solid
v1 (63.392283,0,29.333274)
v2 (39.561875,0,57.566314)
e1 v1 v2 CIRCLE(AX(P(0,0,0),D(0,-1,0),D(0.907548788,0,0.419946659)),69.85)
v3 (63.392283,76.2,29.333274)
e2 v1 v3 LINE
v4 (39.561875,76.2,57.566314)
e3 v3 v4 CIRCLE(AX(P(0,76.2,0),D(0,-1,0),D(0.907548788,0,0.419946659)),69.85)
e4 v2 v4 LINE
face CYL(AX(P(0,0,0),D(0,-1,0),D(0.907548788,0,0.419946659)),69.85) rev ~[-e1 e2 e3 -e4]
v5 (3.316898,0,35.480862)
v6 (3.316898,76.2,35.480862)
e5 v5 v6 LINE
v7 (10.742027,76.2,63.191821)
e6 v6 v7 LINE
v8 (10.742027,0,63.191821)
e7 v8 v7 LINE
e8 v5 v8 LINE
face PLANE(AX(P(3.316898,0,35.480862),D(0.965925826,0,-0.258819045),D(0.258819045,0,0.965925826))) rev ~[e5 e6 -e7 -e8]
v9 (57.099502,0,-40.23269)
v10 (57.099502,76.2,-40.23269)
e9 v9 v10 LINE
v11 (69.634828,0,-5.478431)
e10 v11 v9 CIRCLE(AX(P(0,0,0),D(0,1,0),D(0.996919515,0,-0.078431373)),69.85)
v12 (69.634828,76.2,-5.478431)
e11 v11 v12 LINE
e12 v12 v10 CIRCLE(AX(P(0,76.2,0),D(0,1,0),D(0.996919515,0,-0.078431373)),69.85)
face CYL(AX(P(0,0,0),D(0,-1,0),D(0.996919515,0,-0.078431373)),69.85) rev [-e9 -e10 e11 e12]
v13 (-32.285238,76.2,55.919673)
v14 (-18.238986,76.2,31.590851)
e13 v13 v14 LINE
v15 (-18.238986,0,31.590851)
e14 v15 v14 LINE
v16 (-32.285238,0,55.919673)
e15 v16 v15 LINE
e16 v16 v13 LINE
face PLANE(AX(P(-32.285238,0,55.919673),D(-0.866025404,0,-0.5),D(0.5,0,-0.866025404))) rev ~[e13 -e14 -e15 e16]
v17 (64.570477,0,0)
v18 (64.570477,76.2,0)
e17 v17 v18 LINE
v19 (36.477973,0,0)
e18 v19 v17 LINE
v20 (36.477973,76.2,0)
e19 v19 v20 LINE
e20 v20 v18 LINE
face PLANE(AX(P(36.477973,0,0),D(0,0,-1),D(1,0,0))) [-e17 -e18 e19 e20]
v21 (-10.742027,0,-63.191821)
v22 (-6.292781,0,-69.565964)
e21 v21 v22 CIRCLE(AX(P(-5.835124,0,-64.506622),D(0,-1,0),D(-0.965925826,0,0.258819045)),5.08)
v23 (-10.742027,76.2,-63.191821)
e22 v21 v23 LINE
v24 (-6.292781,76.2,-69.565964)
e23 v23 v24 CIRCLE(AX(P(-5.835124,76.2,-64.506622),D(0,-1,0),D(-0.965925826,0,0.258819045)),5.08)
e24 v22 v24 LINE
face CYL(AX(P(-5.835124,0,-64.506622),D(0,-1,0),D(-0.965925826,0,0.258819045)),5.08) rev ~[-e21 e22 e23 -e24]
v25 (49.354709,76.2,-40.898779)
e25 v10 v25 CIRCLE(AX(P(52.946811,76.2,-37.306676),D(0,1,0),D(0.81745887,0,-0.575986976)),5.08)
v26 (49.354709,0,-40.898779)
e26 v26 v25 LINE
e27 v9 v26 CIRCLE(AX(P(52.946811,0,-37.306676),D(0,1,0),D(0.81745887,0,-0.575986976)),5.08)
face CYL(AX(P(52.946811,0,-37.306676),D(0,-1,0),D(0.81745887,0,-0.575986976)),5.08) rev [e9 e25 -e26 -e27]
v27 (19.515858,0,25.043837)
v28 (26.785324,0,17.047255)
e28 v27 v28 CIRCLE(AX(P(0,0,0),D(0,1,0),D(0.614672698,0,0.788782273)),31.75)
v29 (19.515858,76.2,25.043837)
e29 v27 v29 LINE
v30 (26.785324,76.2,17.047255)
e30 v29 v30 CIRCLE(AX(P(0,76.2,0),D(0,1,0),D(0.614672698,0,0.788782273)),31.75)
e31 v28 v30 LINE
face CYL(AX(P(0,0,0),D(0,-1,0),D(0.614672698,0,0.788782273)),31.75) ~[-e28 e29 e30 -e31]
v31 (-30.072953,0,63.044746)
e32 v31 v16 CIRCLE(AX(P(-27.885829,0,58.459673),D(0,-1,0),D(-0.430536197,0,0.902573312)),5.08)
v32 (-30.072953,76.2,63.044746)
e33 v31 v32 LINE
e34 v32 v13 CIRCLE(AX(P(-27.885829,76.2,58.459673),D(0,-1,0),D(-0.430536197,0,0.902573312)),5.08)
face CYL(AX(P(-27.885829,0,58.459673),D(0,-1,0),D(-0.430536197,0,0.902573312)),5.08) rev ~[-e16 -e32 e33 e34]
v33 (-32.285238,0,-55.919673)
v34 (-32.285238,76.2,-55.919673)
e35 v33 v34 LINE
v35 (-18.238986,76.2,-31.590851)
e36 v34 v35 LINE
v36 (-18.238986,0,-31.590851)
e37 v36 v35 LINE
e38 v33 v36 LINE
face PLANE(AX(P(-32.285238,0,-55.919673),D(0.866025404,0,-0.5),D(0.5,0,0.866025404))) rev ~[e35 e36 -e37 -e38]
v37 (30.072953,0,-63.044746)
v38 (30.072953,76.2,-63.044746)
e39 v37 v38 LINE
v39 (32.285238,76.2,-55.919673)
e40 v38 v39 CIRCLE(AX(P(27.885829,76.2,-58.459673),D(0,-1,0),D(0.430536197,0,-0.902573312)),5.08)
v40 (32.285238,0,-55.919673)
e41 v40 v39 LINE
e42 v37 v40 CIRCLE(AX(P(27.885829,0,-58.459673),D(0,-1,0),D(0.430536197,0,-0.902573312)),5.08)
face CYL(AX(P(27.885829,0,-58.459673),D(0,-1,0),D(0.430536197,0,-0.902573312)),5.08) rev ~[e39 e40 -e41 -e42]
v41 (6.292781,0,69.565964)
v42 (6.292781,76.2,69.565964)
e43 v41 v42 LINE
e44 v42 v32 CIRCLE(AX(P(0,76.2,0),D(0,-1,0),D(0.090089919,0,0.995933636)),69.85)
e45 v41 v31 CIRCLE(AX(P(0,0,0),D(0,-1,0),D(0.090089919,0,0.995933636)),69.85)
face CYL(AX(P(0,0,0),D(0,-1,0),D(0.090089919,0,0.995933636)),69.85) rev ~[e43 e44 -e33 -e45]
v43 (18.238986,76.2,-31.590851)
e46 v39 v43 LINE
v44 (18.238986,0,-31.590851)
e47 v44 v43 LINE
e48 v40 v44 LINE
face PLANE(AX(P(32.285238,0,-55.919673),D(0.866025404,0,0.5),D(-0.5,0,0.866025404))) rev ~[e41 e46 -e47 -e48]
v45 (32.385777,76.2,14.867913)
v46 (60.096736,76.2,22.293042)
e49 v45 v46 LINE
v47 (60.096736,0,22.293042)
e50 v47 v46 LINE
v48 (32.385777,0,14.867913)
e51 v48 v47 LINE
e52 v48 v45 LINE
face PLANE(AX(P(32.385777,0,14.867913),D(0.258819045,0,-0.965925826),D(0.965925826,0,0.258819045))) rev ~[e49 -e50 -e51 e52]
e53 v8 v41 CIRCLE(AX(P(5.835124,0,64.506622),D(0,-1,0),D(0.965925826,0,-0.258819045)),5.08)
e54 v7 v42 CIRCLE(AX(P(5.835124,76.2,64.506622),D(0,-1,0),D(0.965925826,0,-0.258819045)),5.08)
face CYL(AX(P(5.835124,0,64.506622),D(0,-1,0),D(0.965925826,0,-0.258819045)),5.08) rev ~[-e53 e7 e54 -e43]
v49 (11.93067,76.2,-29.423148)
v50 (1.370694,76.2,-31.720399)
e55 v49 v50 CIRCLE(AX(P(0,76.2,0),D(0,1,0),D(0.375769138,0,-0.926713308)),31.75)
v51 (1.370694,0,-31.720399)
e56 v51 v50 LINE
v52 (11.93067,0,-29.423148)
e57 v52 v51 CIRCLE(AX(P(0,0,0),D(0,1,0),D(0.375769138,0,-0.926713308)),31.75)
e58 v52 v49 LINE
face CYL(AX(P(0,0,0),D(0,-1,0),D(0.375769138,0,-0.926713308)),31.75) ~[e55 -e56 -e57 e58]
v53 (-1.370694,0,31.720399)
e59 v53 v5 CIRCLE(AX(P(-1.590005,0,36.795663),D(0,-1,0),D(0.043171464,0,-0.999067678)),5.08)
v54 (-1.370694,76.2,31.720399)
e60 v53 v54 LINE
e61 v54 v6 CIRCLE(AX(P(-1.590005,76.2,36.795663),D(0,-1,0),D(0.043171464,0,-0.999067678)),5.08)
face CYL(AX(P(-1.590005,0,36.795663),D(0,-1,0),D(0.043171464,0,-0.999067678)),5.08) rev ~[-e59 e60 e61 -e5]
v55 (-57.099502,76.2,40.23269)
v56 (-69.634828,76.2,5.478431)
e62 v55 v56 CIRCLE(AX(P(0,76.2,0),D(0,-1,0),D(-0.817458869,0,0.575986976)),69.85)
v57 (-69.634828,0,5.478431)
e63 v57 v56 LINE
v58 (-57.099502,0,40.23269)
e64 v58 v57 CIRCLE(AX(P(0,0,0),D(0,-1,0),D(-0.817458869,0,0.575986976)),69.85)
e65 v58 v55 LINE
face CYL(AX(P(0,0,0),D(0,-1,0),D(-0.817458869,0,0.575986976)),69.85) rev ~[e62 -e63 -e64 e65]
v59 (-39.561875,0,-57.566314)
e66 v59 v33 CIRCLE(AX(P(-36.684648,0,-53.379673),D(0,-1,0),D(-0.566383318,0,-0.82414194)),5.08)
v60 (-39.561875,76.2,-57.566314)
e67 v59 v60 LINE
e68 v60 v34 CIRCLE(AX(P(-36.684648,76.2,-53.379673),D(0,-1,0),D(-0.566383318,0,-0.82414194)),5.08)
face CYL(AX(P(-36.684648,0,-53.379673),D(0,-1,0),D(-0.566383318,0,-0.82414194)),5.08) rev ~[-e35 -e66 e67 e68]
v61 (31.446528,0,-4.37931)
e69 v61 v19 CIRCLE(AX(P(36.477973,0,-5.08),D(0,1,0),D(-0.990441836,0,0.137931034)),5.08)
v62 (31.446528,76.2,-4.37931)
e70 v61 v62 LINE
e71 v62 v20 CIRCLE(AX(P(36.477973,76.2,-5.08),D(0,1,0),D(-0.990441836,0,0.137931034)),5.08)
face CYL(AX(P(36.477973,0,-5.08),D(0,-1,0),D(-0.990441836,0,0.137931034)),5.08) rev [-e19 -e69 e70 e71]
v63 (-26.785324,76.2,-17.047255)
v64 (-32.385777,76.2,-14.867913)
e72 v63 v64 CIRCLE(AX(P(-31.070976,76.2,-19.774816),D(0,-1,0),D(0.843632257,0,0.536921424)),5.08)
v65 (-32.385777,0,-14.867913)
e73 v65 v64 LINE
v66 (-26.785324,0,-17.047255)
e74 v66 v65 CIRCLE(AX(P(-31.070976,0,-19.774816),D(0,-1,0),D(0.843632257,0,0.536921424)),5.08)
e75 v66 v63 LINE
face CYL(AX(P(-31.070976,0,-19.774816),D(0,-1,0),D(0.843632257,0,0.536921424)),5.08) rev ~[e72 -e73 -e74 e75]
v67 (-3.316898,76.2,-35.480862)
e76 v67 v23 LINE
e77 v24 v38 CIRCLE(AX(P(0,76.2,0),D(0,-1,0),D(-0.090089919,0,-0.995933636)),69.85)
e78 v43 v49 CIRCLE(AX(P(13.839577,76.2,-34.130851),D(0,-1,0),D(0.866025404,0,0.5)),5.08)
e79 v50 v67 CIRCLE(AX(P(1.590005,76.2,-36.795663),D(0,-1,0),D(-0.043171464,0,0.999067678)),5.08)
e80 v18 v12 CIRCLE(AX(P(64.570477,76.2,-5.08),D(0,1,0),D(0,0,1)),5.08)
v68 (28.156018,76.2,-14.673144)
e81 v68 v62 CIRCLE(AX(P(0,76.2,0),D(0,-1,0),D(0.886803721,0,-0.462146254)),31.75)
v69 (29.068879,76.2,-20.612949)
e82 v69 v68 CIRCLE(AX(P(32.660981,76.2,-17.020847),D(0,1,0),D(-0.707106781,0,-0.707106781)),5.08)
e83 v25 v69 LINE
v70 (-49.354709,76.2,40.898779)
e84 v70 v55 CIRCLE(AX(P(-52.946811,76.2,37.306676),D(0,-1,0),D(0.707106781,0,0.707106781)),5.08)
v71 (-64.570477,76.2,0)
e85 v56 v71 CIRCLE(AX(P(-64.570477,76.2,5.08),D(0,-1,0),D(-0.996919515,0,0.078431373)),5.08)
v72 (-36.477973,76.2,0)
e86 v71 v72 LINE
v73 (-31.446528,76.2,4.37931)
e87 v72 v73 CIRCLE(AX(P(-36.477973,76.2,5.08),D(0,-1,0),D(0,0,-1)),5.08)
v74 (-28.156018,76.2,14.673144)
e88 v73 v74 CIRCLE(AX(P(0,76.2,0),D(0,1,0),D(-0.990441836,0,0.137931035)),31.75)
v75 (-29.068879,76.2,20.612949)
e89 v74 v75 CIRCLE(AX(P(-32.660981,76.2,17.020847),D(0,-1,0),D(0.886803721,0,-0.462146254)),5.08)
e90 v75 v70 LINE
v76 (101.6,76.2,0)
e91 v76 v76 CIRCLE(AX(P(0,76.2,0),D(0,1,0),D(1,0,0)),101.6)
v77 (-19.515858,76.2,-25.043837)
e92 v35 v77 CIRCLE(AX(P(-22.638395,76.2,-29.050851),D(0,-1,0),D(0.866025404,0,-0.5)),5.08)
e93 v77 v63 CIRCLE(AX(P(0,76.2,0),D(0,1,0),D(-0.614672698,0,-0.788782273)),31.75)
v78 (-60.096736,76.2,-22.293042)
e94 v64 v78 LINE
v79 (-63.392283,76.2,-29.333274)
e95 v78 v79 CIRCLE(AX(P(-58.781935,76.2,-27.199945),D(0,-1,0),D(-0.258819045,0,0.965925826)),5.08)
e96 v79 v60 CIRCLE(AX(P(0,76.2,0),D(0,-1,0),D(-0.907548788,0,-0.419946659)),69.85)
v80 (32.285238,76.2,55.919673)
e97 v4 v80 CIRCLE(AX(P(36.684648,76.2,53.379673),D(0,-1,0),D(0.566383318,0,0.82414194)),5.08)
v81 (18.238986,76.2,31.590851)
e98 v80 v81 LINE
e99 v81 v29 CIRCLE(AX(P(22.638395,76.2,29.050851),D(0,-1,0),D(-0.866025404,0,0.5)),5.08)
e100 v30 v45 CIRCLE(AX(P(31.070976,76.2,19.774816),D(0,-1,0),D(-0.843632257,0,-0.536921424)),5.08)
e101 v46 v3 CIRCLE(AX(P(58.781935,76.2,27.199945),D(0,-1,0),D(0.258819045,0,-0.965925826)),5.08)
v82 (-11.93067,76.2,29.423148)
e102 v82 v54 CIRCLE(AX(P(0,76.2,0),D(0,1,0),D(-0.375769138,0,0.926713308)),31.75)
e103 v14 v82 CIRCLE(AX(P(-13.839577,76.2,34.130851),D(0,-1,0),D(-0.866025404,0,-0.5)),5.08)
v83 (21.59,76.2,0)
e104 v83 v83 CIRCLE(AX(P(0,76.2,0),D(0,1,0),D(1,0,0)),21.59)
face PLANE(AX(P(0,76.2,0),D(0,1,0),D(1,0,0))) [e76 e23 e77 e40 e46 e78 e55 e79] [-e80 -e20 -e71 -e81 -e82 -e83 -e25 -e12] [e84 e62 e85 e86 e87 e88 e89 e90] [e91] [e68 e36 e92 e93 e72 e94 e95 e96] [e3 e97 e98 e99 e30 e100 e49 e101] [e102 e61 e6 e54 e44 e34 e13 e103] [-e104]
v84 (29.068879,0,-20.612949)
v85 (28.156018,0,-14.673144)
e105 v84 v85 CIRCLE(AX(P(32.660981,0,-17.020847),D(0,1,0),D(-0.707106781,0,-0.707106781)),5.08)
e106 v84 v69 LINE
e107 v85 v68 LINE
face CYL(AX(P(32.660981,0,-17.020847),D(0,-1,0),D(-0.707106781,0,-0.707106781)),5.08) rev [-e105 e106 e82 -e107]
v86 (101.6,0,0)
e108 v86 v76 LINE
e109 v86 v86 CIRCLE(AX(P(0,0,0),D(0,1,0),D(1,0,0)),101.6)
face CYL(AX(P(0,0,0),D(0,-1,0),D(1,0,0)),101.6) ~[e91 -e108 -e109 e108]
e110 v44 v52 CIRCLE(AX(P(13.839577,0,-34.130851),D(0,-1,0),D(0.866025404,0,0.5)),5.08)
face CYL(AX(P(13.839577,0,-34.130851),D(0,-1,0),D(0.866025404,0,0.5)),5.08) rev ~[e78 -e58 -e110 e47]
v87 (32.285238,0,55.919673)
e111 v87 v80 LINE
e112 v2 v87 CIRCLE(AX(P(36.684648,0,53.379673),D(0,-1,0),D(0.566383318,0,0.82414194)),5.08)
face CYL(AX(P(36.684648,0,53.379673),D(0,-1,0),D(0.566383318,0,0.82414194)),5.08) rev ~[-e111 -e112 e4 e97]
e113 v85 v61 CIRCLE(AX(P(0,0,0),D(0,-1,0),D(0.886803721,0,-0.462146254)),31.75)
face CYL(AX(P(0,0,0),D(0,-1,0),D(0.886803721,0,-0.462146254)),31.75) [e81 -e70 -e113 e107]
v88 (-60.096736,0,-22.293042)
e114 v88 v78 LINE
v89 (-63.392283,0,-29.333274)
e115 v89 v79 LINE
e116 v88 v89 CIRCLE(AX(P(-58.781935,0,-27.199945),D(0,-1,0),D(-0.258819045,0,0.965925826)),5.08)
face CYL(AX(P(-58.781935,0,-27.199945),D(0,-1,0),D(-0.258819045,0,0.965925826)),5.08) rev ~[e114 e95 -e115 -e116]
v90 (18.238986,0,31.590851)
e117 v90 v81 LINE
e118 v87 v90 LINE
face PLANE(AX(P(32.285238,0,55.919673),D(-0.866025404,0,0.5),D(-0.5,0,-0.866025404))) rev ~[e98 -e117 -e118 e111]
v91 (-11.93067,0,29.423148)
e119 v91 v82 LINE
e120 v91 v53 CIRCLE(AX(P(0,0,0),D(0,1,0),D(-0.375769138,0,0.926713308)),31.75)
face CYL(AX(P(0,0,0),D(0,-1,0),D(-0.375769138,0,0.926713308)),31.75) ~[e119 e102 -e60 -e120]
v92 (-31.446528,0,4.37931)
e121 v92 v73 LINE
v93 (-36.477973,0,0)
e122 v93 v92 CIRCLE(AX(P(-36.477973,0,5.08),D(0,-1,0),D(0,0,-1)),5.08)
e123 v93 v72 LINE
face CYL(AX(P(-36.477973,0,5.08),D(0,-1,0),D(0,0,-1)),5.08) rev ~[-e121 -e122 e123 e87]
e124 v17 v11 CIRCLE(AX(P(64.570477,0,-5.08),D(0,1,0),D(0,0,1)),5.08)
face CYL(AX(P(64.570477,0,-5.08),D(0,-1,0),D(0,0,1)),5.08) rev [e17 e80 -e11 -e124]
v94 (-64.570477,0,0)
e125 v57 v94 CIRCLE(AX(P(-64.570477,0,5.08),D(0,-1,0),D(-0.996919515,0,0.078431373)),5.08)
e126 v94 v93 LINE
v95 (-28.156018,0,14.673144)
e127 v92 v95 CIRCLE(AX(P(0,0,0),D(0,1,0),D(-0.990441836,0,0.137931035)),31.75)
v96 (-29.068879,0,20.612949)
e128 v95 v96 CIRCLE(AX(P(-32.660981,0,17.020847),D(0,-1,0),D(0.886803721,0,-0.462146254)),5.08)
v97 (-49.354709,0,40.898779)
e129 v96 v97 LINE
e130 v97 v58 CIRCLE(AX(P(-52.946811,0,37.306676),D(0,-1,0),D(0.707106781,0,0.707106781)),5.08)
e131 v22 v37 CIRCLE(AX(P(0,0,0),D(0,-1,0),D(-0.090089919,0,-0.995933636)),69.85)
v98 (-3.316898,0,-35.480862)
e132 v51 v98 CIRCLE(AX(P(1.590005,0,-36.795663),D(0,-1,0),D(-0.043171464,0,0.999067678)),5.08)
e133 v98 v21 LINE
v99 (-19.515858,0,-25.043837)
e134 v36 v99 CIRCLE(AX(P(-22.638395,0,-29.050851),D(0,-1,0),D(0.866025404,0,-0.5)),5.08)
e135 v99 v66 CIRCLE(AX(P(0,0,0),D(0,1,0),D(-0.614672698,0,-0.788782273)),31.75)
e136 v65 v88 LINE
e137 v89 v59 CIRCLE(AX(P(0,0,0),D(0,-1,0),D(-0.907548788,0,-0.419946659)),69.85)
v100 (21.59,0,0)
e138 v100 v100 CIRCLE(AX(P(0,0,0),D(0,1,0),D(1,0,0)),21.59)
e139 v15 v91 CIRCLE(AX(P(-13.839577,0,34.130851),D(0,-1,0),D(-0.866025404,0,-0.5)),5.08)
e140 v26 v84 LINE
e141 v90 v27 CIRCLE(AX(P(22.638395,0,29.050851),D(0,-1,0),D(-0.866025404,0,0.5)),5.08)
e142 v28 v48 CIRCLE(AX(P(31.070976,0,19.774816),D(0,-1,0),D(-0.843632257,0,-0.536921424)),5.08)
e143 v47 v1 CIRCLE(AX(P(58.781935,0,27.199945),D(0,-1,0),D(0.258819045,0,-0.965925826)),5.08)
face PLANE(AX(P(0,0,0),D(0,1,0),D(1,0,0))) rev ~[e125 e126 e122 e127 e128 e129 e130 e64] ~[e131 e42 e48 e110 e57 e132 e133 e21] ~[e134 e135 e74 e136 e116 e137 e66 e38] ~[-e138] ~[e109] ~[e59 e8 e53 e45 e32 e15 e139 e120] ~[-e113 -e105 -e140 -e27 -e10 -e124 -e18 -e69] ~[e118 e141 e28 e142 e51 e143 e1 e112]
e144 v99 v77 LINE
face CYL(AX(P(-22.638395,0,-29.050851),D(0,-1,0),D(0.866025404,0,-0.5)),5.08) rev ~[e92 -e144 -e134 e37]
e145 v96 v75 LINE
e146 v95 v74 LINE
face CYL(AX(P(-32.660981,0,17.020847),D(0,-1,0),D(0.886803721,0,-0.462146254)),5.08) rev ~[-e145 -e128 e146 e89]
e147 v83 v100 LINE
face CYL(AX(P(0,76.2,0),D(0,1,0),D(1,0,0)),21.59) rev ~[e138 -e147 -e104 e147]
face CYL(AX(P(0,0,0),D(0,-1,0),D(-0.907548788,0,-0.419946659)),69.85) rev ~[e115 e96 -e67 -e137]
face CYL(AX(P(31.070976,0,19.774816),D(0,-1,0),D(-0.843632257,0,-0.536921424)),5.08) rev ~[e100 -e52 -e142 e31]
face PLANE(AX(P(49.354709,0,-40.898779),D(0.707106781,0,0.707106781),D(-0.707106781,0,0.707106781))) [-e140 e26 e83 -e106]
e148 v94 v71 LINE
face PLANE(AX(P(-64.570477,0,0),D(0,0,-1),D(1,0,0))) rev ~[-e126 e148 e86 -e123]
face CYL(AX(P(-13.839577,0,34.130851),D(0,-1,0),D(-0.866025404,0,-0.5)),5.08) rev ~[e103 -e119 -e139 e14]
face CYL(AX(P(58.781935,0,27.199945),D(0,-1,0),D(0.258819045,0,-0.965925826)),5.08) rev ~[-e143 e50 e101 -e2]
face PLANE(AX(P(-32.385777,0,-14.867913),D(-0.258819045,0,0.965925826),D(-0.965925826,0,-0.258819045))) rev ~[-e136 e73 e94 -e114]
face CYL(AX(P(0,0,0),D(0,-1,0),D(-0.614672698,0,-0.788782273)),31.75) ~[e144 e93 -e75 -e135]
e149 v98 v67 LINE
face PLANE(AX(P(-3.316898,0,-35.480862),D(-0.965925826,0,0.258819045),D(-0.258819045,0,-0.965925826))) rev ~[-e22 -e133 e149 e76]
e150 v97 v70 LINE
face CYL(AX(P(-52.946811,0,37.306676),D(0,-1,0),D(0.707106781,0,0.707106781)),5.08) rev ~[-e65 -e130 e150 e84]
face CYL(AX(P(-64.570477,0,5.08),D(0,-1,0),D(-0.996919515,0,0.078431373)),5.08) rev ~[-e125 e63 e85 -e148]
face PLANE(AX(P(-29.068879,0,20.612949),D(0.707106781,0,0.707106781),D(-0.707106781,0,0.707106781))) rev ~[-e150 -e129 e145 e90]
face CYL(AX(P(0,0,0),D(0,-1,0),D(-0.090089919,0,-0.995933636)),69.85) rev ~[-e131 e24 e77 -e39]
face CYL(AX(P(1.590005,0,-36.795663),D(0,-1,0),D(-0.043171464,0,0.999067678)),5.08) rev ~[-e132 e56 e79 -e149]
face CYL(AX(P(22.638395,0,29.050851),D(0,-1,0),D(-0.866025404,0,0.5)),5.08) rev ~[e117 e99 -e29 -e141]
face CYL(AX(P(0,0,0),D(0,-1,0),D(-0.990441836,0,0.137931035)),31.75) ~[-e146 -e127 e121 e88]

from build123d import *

# Parameters (mm, degrees)
SKETCH1_R           = 101.6
BOSS_EXTRUDE2_DEPTH = 76.2
SKETCH2_R           = 21.59
CUT_EXTRUDE1_DEPTH  = 76.2


with BuildPart() as part:
    # Sketch1 → Boss-Extrude2 (new body)
    with BuildSketch(Plane(origin=(0, 0, 0), x_dir=(1, 0, 0), z_dir=(0, 1, 0))):
        Circle(SKETCH1_R)
        with BuildLine():
            Line((36.477972806, 0), (64.570477, 0))
            ThreePointArc((64.570477, 0), (68.300787401, 1.631640344), (69.634828137, 5.478431373))
            ThreePointArc((69.634828137, 5.478431373), (65.706637707, 23.699372591), (57.099502026, 40.232690295))
            ThreePointArc((57.099502026, 40.232690295), (53.382107886, 42.367992154), (49.354708521, 40.898778904))
            Line((49.354708521, 40.898778904), (29.068878602, 20.612948985))
            ThreePointArc((29.068878602, 20.612948985), (27.639931466, 17.792507776), (28.156018147, 14.673143566))
            ThreePointArc((28.156018147, 14.673143566), (30.242464115, 9.667257328), (31.446528281, 4.379310345))
            ThreePointArc((31.446528281, 4.379310345), (33.142789411, 1.24816601), (36.477972806, 0))
        make_face(mode=Mode.SUBTRACT)
        with BuildLine():
            Line((32.385776769, -14.867912836), (60.096735775, -22.293041923))
            ThreePointArc((60.096735775, -22.293041923), (63.382811455, -25.04626546), (63.392282871, -29.33327415))
            ThreePointArc((63.392282871, -29.33327415), (53.377577571, -45.053931156), (39.56187481, -57.566314469))
            ThreePointArc((39.56187481, -57.566314469), (35.563435689, -58.334396815), (32.2852385, -55.919673416))
            Line((32.2852385, -55.919673416), (18.238986403, -31.590851128))
            ThreePointArc((18.238986403, -31.590851128), (17.652338179, -28.078414577), (19.51585815, -25.043837179))
            ThreePointArc((19.51585815, -25.043837179), (23.493322488, -21.357113533), (26.785324155, -17.047255202))
            ThreePointArc((26.785324155, -17.047255202), (29.228729464, -15.04062892), (32.385776769, -14.867912836))
        make_face(mode=Mode.SUBTRACT)
        with BuildLine():
            Line((3.316898167, -35.480861821), (10.742027254, -63.191820828))
            ThreePointArc((10.742027254, -63.191820828), (10.00070357, -67.414257614), (6.292780846, -69.565964445))
            ThreePointArc((6.292780846, -69.565964445), (-12.329060136, -68.753303747), (-30.072953327, -63.044745841))
            ThreePointArc((-30.072953327, -63.044745841), (-32.737351712, -59.96603716), (-32.2852385, -55.919673416))
            Line((-32.2852385, -55.919673416), (-18.238986403, -31.590851128))
            ThreePointArc((-18.238986403, -31.590851128), (-15.490451232, -29.326580587), (-11.930670131, -29.423147524))
            ThreePointArc((-11.930670131, -29.423147524), (-6.749141627, -31.024370861), (-1.370693992, -31.720398768))
            ThreePointArc((-1.370693992, -31.720398768), (1.588797998, -32.833136696), (3.316898167, -35.480861821))
        make_face(mode=Mode.SUBTRACT)
        with BuildLine():
            Line((-29.068878602, -20.612948985), (-49.354708521, -40.898778904))
            ThreePointArc((-49.354708521, -40.898778904), (-53.382107886, -42.367992154), (-57.099502026, -40.232690295))
            ThreePointArc((-57.099502026, -40.232690295), (-65.706637707, -23.699372591), (-69.634828137, -5.478431373))
            ThreePointArc((-69.634828137, -5.478431373), (-68.300787401, -1.631640344), (-64.570477, 0))
            Line((-64.570477, 0), (-36.477972806, 0))
            ThreePointArc((-36.477972806, 0), (-33.142789411, -1.24816601), (-31.446528281, -4.379310345))
            ThreePointArc((-31.446528281, -4.379310345), (-30.242464115, -9.667257328), (-28.156018147, -14.673143566))
            ThreePointArc((-28.156018147, -14.673143566), (-27.639931466, -17.792507776), (-29.068878602, -20.612948985))
        make_face(mode=Mode.SUBTRACT)
        with BuildLine():
            Line((-32.385776769, 14.867912836), (-60.096735775, 22.293041923))
            ThreePointArc((-60.096735775, 22.293041923), (-63.382811455, 25.04626546), (-63.392282871, 29.33327415))
            ThreePointArc((-63.392282871, 29.33327415), (-53.377577571, 45.053931156), (-39.56187481, 57.566314469))
            ThreePointArc((-39.56187481, 57.566314469), (-35.563435689, 58.334396815), (-32.2852385, 55.919673416))
            Line((-32.2852385, 55.919673416), (-18.238986403, 31.590851128))
            ThreePointArc((-18.238986403, 31.590851128), (-17.652338179, 28.078414577), (-19.51585815, 25.043837179))
            ThreePointArc((-19.51585815, 25.043837179), (-23.493322488, 21.357113533), (-26.785324155, 17.047255202))
            ThreePointArc((-26.785324155, 17.047255202), (-29.228729464, 15.04062892), (-32.385776769, 14.867912836))
        make_face(mode=Mode.SUBTRACT)
        with BuildLine():
            Line((-3.316898167, 35.480861821), (-10.742027254, 63.191820828))
            ThreePointArc((-10.742027254, 63.191820828), (-10.00070357, 67.414257614), (-6.292780846, 69.565964445))
            ThreePointArc((-6.292780846, 69.565964445), (12.329060136, 68.753303747), (30.072953327, 63.044745841))
            ThreePointArc((30.072953327, 63.044745841), (32.737351712, 59.96603716), (32.2852385, 55.919673416))
            Line((32.2852385, 55.919673416), (18.238986403, 31.590851128))
            ThreePointArc((18.238986403, 31.590851128), (15.490451232, 29.326580587), (11.930670131, 29.423147524))
            ThreePointArc((11.930670131, 29.423147524), (6.749141627, 31.024370861), (1.370693992, 31.720398768))
            ThreePointArc((1.370693992, 31.720398768), (-1.588797998, 32.833136696), (-3.316898167, 35.480861821))
        make_face(mode=Mode.SUBTRACT)
    extrude(amount=BOSS_EXTRUDE2_DEPTH)

    # Sketch2 → Cut-Extrude1 (cut)
    with BuildSketch(Plane(origin=(0, 76.2, 0), x_dir=(1, 0, 0), z_dir=(0, 1, 0))):
        Circle(SKETCH2_R)
    extrude(amount=-CUT_EXTRUDE1_DEPTH, mode=Mode.SUBTRACT)


solid = part.part
